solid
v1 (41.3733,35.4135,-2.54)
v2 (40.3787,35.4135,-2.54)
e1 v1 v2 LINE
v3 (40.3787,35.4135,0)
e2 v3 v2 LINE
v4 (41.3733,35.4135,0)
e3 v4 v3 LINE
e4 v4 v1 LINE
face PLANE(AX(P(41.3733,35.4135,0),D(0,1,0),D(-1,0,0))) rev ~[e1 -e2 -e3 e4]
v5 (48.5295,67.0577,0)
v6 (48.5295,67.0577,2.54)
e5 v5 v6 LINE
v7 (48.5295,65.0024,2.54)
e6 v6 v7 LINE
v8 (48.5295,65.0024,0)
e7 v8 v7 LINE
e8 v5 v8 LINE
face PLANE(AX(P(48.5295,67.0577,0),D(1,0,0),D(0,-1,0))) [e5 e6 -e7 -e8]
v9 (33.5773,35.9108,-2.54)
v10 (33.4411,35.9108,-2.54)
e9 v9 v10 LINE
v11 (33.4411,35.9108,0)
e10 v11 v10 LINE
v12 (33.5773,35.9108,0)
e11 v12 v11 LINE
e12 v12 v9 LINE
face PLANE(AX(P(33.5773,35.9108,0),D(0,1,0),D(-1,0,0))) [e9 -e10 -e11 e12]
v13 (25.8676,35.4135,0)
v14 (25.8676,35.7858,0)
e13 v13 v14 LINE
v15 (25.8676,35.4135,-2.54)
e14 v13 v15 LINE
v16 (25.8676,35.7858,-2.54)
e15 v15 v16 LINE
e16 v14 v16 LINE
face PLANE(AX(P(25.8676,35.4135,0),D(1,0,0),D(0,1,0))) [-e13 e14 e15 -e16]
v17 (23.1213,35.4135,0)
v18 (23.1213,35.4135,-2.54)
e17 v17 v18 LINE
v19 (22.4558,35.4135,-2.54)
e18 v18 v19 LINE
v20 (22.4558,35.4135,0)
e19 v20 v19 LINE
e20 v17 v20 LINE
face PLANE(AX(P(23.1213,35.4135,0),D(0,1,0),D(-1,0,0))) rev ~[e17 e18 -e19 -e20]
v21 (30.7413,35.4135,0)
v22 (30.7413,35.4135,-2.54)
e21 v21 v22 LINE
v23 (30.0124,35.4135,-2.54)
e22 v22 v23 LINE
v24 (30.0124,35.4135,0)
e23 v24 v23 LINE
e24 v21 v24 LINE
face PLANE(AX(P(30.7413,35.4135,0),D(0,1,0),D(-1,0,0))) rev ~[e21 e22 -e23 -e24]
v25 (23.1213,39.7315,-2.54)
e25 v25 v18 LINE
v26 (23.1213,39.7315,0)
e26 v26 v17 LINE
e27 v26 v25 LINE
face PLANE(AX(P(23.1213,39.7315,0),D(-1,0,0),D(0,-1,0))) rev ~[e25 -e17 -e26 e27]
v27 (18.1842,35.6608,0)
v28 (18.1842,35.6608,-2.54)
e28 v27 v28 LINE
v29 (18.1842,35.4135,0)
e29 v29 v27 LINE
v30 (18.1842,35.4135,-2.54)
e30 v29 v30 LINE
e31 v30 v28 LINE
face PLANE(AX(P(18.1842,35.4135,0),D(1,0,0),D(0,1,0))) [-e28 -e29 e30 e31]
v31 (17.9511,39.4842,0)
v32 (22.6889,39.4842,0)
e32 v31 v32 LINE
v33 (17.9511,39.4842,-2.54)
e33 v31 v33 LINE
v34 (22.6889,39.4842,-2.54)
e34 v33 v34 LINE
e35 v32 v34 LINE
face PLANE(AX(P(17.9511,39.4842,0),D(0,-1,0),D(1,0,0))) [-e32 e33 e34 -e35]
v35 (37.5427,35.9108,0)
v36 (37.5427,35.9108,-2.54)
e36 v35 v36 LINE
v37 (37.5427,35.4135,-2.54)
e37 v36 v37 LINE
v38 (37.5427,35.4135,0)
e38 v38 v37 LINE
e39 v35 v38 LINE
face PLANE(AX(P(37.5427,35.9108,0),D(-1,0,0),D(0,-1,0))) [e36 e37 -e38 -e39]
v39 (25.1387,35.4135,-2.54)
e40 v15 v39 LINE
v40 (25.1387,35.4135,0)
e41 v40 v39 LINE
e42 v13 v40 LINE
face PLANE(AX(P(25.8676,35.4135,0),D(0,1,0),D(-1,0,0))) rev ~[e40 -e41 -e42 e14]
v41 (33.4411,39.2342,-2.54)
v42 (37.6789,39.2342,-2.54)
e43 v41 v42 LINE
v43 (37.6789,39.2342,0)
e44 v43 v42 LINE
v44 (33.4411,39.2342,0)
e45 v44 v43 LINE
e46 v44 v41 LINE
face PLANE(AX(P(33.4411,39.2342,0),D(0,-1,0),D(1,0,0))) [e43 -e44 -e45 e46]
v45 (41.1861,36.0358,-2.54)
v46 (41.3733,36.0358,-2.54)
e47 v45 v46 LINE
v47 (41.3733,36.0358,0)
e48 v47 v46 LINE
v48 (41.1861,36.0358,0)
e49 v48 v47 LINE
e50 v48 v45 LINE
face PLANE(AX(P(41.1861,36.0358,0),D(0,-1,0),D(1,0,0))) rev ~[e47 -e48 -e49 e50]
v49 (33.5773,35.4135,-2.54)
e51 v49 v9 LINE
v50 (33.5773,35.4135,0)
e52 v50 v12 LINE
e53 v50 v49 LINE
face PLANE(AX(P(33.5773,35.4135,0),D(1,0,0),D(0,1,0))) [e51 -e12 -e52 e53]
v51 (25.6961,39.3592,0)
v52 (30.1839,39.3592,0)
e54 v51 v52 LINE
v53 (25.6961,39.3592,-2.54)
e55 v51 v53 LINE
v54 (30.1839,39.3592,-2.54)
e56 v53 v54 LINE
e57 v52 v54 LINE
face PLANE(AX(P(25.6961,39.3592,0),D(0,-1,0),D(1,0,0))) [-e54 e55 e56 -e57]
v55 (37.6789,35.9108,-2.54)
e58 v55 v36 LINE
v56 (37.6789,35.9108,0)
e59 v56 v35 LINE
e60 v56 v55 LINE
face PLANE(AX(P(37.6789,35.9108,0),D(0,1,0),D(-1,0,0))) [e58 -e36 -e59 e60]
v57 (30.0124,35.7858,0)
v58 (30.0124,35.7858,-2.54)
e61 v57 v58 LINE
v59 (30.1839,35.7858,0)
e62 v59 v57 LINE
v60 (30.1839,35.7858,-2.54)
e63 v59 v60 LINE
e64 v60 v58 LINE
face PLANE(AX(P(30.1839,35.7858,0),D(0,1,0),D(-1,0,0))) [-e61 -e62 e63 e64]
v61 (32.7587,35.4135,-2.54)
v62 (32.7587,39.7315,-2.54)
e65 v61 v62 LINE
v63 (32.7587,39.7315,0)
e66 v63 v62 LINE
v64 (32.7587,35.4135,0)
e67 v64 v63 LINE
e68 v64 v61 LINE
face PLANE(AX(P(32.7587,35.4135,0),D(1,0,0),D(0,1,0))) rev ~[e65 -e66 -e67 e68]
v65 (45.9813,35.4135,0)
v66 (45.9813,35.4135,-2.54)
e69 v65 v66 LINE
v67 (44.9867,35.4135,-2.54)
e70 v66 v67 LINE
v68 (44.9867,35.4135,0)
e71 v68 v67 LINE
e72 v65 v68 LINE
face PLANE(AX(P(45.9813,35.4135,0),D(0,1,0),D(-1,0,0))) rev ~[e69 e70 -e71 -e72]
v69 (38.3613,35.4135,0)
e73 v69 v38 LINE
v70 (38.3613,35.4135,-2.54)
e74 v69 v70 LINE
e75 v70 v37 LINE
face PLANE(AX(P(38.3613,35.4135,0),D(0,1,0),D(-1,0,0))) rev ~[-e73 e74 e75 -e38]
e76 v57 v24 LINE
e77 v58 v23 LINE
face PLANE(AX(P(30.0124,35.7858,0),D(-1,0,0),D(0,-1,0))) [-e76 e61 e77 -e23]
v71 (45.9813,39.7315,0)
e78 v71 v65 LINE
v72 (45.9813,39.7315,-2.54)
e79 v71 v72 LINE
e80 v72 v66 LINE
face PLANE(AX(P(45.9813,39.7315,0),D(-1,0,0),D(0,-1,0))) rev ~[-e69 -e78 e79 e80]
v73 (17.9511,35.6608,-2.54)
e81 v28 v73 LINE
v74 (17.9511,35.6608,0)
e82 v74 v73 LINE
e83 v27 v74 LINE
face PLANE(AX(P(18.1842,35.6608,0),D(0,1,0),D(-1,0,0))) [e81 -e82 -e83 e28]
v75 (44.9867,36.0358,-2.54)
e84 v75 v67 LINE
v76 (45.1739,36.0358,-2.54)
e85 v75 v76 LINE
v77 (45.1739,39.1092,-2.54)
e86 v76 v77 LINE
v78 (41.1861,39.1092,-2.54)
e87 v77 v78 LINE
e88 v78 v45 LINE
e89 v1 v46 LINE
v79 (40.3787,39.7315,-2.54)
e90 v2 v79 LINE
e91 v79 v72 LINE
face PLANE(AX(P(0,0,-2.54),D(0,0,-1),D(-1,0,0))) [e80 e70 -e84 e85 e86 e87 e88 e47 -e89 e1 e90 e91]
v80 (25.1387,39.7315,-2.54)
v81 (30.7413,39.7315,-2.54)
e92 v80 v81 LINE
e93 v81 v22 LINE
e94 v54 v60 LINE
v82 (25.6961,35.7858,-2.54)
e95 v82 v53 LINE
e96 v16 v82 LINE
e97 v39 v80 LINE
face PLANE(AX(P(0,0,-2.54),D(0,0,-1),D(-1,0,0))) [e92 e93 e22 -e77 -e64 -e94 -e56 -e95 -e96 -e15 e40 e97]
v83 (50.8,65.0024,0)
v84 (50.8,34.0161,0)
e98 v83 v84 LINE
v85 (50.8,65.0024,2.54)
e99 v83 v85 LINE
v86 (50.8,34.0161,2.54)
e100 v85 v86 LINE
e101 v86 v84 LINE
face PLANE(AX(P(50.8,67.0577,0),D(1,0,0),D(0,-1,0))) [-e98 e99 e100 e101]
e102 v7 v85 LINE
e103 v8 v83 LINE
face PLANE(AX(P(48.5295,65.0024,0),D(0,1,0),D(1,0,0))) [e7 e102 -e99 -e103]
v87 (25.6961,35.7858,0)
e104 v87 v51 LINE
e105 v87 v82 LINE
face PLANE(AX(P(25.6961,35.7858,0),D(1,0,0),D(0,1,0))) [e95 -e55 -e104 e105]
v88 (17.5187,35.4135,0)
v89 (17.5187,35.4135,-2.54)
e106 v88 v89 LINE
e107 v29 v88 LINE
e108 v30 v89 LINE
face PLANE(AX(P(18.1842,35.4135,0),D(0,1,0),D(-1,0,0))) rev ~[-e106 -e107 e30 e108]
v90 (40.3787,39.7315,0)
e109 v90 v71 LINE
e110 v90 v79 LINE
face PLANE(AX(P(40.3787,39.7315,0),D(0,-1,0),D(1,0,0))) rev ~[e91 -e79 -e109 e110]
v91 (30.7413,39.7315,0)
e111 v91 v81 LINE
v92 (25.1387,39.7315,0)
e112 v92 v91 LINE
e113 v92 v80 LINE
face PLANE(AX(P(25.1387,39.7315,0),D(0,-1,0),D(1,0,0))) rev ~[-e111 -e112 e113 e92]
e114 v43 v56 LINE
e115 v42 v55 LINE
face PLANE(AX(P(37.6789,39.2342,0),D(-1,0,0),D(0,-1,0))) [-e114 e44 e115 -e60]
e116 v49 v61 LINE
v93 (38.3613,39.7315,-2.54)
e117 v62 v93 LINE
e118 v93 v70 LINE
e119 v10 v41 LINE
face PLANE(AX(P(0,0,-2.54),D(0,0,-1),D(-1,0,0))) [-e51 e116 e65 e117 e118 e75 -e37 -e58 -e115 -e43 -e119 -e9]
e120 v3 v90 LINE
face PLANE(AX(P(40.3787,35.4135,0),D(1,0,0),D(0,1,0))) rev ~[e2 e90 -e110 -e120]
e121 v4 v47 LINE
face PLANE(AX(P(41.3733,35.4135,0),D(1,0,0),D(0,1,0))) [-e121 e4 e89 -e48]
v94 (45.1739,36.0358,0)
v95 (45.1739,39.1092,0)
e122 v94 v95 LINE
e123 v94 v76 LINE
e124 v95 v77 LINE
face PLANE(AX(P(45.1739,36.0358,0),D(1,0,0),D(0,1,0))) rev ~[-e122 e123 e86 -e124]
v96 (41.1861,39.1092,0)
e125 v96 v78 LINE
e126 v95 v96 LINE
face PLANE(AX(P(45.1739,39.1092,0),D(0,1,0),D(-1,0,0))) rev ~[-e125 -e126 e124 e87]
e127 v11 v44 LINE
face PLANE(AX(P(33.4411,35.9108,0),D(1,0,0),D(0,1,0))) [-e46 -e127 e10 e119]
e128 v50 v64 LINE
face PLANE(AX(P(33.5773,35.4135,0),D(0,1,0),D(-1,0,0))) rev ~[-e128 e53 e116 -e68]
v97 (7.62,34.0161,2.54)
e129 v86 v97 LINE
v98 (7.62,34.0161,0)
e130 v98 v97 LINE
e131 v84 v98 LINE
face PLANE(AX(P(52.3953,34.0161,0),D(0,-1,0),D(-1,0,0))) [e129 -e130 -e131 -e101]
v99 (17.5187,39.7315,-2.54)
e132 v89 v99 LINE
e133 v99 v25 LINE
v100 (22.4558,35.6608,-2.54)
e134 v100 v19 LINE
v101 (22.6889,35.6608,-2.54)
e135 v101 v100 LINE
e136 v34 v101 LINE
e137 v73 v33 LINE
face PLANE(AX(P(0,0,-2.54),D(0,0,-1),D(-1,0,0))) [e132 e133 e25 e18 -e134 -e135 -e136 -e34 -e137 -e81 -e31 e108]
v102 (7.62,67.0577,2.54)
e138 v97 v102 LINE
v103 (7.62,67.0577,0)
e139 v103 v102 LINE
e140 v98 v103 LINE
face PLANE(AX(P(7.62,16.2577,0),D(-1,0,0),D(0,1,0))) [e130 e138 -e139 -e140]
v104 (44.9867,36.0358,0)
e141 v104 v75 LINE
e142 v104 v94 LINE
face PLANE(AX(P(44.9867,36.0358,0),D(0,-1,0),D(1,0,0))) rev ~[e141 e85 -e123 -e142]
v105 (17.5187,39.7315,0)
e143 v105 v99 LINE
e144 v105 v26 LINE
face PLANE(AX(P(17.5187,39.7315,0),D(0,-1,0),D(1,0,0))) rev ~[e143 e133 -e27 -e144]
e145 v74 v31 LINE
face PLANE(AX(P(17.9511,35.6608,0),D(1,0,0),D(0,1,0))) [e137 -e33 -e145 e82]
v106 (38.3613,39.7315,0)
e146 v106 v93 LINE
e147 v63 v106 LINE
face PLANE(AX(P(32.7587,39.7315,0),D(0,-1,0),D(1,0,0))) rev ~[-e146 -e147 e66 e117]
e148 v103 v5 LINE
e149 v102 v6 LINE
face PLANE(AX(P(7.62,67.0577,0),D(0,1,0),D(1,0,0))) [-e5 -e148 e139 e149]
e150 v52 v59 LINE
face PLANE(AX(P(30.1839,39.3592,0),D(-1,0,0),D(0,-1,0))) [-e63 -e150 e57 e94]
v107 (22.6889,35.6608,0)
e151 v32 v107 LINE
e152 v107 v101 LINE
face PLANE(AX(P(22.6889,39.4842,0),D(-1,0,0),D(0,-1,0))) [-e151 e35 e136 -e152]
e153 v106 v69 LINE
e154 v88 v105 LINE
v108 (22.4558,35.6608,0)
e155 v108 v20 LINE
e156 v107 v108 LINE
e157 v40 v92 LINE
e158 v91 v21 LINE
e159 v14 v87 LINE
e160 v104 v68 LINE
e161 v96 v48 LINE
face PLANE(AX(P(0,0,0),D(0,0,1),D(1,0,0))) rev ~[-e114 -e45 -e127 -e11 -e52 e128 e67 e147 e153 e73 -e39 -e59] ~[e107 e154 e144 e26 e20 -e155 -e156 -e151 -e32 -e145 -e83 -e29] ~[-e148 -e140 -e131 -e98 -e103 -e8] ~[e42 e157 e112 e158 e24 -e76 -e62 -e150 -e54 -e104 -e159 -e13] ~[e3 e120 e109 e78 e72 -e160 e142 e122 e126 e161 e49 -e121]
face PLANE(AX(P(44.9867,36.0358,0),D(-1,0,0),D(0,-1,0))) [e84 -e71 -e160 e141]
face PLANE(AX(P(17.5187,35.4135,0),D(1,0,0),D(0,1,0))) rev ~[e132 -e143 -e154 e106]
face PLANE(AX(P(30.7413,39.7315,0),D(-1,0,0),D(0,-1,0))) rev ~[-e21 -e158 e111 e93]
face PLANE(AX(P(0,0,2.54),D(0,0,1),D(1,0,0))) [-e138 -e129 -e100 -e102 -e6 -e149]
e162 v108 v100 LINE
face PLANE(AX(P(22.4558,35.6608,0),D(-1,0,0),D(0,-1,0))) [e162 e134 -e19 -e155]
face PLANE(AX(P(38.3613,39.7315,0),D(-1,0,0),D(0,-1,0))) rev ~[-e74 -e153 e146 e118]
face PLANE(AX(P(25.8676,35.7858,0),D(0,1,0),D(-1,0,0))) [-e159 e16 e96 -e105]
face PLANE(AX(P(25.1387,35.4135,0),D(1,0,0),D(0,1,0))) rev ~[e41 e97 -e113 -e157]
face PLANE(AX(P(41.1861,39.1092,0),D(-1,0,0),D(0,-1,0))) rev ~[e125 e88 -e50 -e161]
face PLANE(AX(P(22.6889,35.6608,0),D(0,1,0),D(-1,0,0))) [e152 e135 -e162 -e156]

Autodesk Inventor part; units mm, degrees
ref_plane "YZ Plane" through (0, 0, 0) normal (1, 0, 0) x (0, 1, 0)
ref_plane "XZ Plane" through (0, 0, 0) normal (0, 1, 0) x (-1, 0, 0)
ref_plane "XY Plane" through (0, 0, 0) normal (0, 0, 1) x (1, 0, 0)
sketch "Sketch2" plane through (0, 0, 0) normal (0, 0, 1) x (1, 0, 0)
  line L0 (7.62, 67.0577) -> (50.8, 67.0577)
  line L1 (50.8, 67.0577) -> (50.8, 16.2577)
  line L2 (50.8, 16.2577) -> (7.62, 16.2577)
  line L3 (7.62, 16.2577) -> (7.62, 67.0577)
  point P0 (0, 0)
  dimension "d45" = 43.18
  dimension "d46" = 50.8
extrude "Extrusion1" add sketch "Sketch2" along normal blind 2.54
sketch "Sketch3" plane through (0, 0, 0) normal (0, 0, -1) x (-1, 0, 0)
  circle A0 centre (-43.18, 59.4377) radius 4.0005
  line L0 (-50.8, 16.2577) -> (-50.8, 67.0577) projected
  line L1 (-50.8, 67.0577) -> (-7.62, 67.0577) projected
  circle A1 centre (-43.18, 59.4377) radius 5.2705
  line L2 (-7.62, 67.0577) -> (-7.62, 16.2577) projected
  line L3 (-7.62, 16.2577) -> (-50.8, 16.2577) projected
  circle A2 centre (-43.18, 46.7377) radius 5.2705
  circle A3 centre (-30.48, 59.4377) radius 5.2705
  circle A4 centre (-30.48, 46.7377) radius 5.2705
  circle A5 centre (-17.78, 59.4377) radius 5.2705
  circle A6 centre (-17.78, 46.7377) radius 5.2705
  line L4 (-45.1739, 39.1092) -> (-41.1861, 39.1092)
  line L5 (-41.1861, 39.1092) -> (-41.1861, 36.0358)
  line L6 (-41.1861, 36.0358) -> (-45.1739, 36.0358)
  line L7 (-45.1739, 36.0358) -> (-45.1739, 39.1092)
  line L8 (-45.1739, 39.1092) -> (-41.1861, 36.0358) construction
  line L9 (-41.1861, 39.1092) -> (-45.1739, 36.0358) construction
  line L10 (-45.9813, 35.4135) -> (-40.3787, 35.4135)
  line L11 (-40.3787, 35.4135) -> (-40.3787, 39.7315)
  line L12 (-40.3787, 39.7315) -> (-45.9813, 39.7315)
  line L13 (-45.9813, 39.7315) -> (-45.9813, 35.4135)
  line L14 (-45.9813, 35.4135) -> (-40.3787, 39.7315) construction
  line L15 (-40.3787, 35.4135) -> (-45.9813, 39.7315) construction
  circle A7 centre (-30.48, 59.4377) radius 4.1255
  circle A8 centre (-17.78, 59.4377) radius 4.2505
  circle A9 centre (-43.18, 46.7377) radius 4.3755
  circle A10 centre (-30.48, 46.7377) radius 4.5005
  circle A11 centre (-17.78, 46.7377) radius 4.6255
  line L16 (-32.7587, 39.7315) -> (-38.3613, 39.7315)
  line L17 (-38.3613, 39.7315) -> (-38.3613, 35.4135)
  line L18 (-38.3613, 35.4135) -> (-32.7587, 35.4135)
  line L19 (-32.7587, 35.4135) -> (-32.7587, 39.7315)
  line L20 (-25.1387, 39.7315) -> (-30.7413, 39.7315)
  line L21 (-30.7413, 39.7315) -> (-30.7413, 35.4135)
  line L22 (-30.7413, 35.4135) -> (-25.1387, 35.4135)
  line L23 (-25.1387, 35.4135) -> (-25.1387, 39.7315)
  line L24 (-17.5187, 39.7315) -> (-23.1213, 39.7315)
  line L25 (-23.1213, 39.7315) -> (-23.1213, 35.4135)
  line L26 (-23.1213, 35.4135) -> (-17.5187, 35.4135)
  line L27 (-17.5187, 35.4135) -> (-17.5187, 39.7315)
  line L28 (-9.8987, 39.7315) -> (-15.5013, 39.7315)
  line L29 (-15.5013, 39.7315) -> (-15.5013, 35.4135)
  line L30 (-15.5013, 35.4135) -> (-9.8987, 35.4135)
  line L31 (-9.8987, 35.4135) -> (-9.8987, 39.7315)
  line L32 (-37.6789, 35.9108) -> (-33.4411, 35.9108)
  line L33 (-33.4411, 35.9108) -> (-33.4411, 39.2342)
  line L34 (-33.4411, 39.2342) -> (-37.6789, 39.2342)
  line L35 (-37.6789, 39.2342) -> (-37.6789, 35.9108)
  line L36 (-37.6789, 35.9108) -> (-33.4411, 39.2342) construction
  line L37 (-33.4411, 35.9108) -> (-37.6789, 39.2342) construction
  line L38 (-30.1839, 35.7858) -> (-25.6961, 35.7858)
  line L39 (-25.6961, 35.7858) -> (-25.6961, 39.3592)
  line L40 (-25.6961, 39.3592) -> (-30.1839, 39.3592)
  line L41 (-30.1839, 39.3592) -> (-30.1839, 35.7858)
  line L42 (-30.1839, 35.7858) -> (-25.6961, 39.3592) construction
  line L43 (-25.6961, 35.7858) -> (-30.1839, 39.3592) construction
  line L44 (-22.6889, 35.6608) -> (-17.9511, 35.6608)
  line L45 (-17.9511, 35.6608) -> (-17.9511, 39.4842)
  line L46 (-17.9511, 39.4842) -> (-22.6889, 39.4842)
  line L47 (-22.6889, 39.4842) -> (-22.6889, 35.6608)
  line L48 (-22.6889, 35.6608) -> (-17.9511, 39.4842) construction
  line L49 (-17.9511, 35.6608) -> (-22.6889, 39.4842) construction
  line L50 (-45.1739, 35.3552) -> (-41.1861, 35.3552)
  line L51 (-41.1861, 35.3552) -> (-41.1861, 36.7164)
  line L52 (-41.1861, 36.7164) -> (-45.1739, 36.7164)
  line L53 (-45.1739, 36.7164) -> (-45.1739, 35.3552)
  line L54 (-45.1739, 35.3552) -> (-41.1861, 36.7164) construction
  line L55 (-41.1861, 35.3552) -> (-45.1739, 36.7164) construction
  point P0 (0, 0)
  point P1 (-43.18, 37.5725)
  point P2 (-43.18, 37.5725)
  point P3 (-35.56, 37.5725)
  point P4 (-27.94, 37.5725)
  point P5 (-20.32, 37.5725)
  point P6 (-12.7, 37.5725)
  point P7 (-43.18, 36.0358)
  dimension "d49" = 7.62
  dimension "d50" = 7.62
  dimension "d51" = 1.27
  dimension "d56" = 12.7
  dimension "d59" = 12.7
  dimension "d64" = 3.9878
  dimension "d65" = 3.0734
  dimension "d66" = 9.1652
  dimension "d67" = 2.159
  dimension "d77" = 8.001
  dimension "d78" = 8.251
  dimension "d80" = 8.501
  dimension "d81" = 8.751
  dimension "d82" = 9.001
  dimension "d83" = 9.251
  dimension "d90" = 7.62
  dimension "d95" = 4.2378
  dimension "d96" = 4.4878
  dimension "d97" = 4.7378
  dimension "d98" = 3.3234
  dimension "d99" = 3.5734
sketch "Sketch4" plane through (0, 0, 0) normal (0, 0, -1) x (-1, 0, 0)
  line L0 (-50.8, 67.0577) -> (-7.62, 67.0577) projected
  line L1 (-50.8, 16.2577) -> (-50.8, 67.0577) projected
  line L2 (-50.8, 67.0577) -> (-48.5295, 67.0577)
  line L3 (-48.5295, 67.0577) -> (-48.5295, 65.0024)
  line L4 (-48.5295, 65.0024) -> (-50.8, 65.0024)
  line L5 (-50.8, 65.0024) -> (-50.8, 67.0577)
  point P0 (0, 0)
extrude "Extrusion3" cut sketch "Sketch4" against normal blind 2.54
sketch "Sketch5" plane through (0, 0, 0) normal (0, 0, -1) x (-1, 0, 0)
  line L0 (-45.1739, 39.1092) -> (-41.1861, 39.1092)
  line L1 (-41.1861, 39.1092) -> (-41.1861, 36.0358)
  line L2 (-41.1861, 36.0358) -> (-45.1739, 36.0358)
  line L3 (-45.1739, 36.0358) -> (-45.1739, 39.1092)
  line L4 (-45.1739, 39.1092) -> (-41.1861, 36.0358) construction
  line L5 (-41.1861, 39.1092) -> (-45.1739, 36.0358) construction
  line L6 (-45.9813, 35.4135) -> (-40.3787, 35.4135)
  line L7 (-40.3787, 35.4135) -> (-40.3787, 39.7315)
  line L8 (-40.3787, 39.7315) -> (-45.9813, 39.7315)
  line L9 (-45.9813, 39.7315) -> (-45.9813, 35.4135)
  line L10 (-45.9813, 35.4135) -> (-40.3787, 39.7315) construction
  line L11 (-40.3787, 35.4135) -> (-45.9813, 39.7315) construction
  line L12 (-32.7587, 39.7315) -> (-38.3613, 39.7315)
  line L13 (-38.3613, 39.7315) -> (-38.3613, 35.4135)
  line L14 (-38.3613, 35.4135) -> (-32.7587, 35.4135)
  line L15 (-32.7587, 35.4135) -> (-32.7587, 39.7315)
  line L16 (-25.1387, 39.7315) -> (-30.7413, 39.7315)
  line L17 (-30.7413, 39.7315) -> (-30.7413, 35.4135)
  line L18 (-30.7413, 35.4135) -> (-25.1387, 35.4135)
  line L19 (-25.1387, 35.4135) -> (-25.1387, 39.7315)
  line L20 (-17.5187, 39.7315) -> (-23.1213, 39.7315)
  line L21 (-23.1213, 39.7315) -> (-23.1213, 35.4135)
  line L22 (-23.1213, 35.4135) -> (-17.5187, 35.4135)
  line L23 (-17.5187, 35.4135) -> (-17.5187, 39.7315)
  line L24 (-9.8987, 39.7315) -> (-15.5013, 39.7315)
  line L25 (-15.5013, 39.7315) -> (-15.5013, 35.4135)
  line L26 (-15.5013, 35.4135) -> (-9.8987, 35.4135)
  line L27 (-37.6789, 35.9108) -> (-33.4411, 35.9108)
  line L28 (-33.4411, 35.9108) -> (-33.4411, 39.2342)
  line L29 (-33.4411, 39.2342) -> (-37.6789, 39.2342)
  line L30 (-37.6789, 39.2342) -> (-37.6789, 35.9108)
  line L31 (-37.6789, 35.9108) -> (-33.4411, 39.2342) construction
  line L32 (-33.4411, 35.9108) -> (-37.6789, 39.2342) construction
  line L33 (-30.1839, 35.7858) -> (-25.6961, 35.7858)
  line L34 (-25.6961, 35.7858) -> (-25.6961, 39.3592)
  line L35 (-25.6961, 39.3592) -> (-30.1839, 39.3592)
  line L36 (-30.1839, 39.3592) -> (-30.1839, 35.7858)
  line L37 (-30.1839, 35.7858) -> (-25.6961, 39.3592) construction
  line L38 (-25.6961, 35.7858) -> (-30.1839, 39.3592) construction
  line L39 (-22.6889, 35.6608) -> (-17.9511, 35.6608)
  line L40 (-17.9511, 35.6608) -> (-17.9511, 39.4842)
  line L41 (-17.9511, 39.4842) -> (-22.6889, 39.4842)
  line L42 (-22.6889, 39.4842) -> (-22.6889, 35.6608)
  line L43 (-22.6889, 35.6608) -> (-17.9511, 39.4842) construction
  line L44 (-17.9511, 35.6608) -> (-22.6889, 39.4842) construction
  line L45 (-45.1516, 35.2931) -> (-41.1861, 36.7869) construction
  line L46 (-41.1861, 35.3552) -> (-45.1739, 36.7164) construction
  line L47 (-44.9867, 35.3552) -> (-41.3733, 35.3552)
  line L48 (-41.3733, 35.3552) -> (-41.3733, 36.7164)
  line L49 (-41.3733, 36.7164) -> (-44.9867, 36.7164)
  line L50 (-44.9867, 36.7164) -> (-44.9867, 35.3552)
  line L51 (-44.9867, 35.3552) -> (-41.3733, 36.7164) construction
  line L52 (-41.3733, 35.3552) -> (-44.9867, 36.7164) construction
  line L53 (-37.5427, 35.3747) -> (-33.5773, 35.3747)
  line L54 (-33.5773, 35.3747) -> (-33.5773, 36.447)
  line L55 (-33.5773, 36.447) -> (-37.5427, 36.447)
  line L56 (-37.5427, 36.447) -> (-37.5427, 35.3747)
  line L57 (-37.5427, 35.3747) -> (-33.5773, 36.447) construction
  line L58 (-33.5773, 35.3747) -> (-37.5427, 36.447) construction
  line L59 (-30.0124, 35.3468) -> (-25.8676, 35.3468)
  line L60 (-25.8676, 35.3468) -> (-25.8676, 36.2248)
  line L61 (-25.8676, 36.2248) -> (-30.0124, 36.2248)
  line L62 (-30.0124, 36.2248) -> (-30.0124, 35.3468)
  line L63 (-30.0124, 35.3468) -> (-25.8676, 36.2248) construction
  line L64 (-25.8676, 35.3468) -> (-30.0124, 36.2248) construction
  line L65 (-22.4558, 35.2013) -> (-18.1842, 35.2013)
  line L66 (-18.1842, 35.2013) -> (-18.1842, 36.1203)
  line L67 (-18.1842, 36.1203) -> (-22.4558, 36.1203)
  line L68 (-22.4558, 36.1203) -> (-22.4558, 35.2013)
  line L69 (-22.4558, 35.2013) -> (-18.1842, 36.1203) construction
  line L70 (-18.1842, 35.2013) -> (-22.4558, 36.1203) construction
  line L71 (-45.9813, 32.6353) -> (-41.9935, 32.6353)
  line L72 (-41.9935, 32.6353) -> (-41.9935, 29.5619)
  line L73 (-41.9935, 29.5619) -> (-45.9813, 29.5619)
  line L74 (-45.9813, 29.5619) -> (-45.9813, 32.6353)
  point P0 (0, 0)
  point P1 (-43.18, 37.5725)
  point P2 (-43.18, 37.5725)
  point P3 (-35.56, 37.5725)
  point P4 (-27.94, 37.5725)
  point P5 (-20.32, 37.5725)
  point P6 (-12.7, 37.5725)
  point P7 (-43.18, 36.0358)
  point P8 (-35.56, 35.9108)
  point P9 (-27.94, 35.7858)
  point P10 (-20.32, 35.6608)
  point P11 (-22.4558, 35.4135)
  point P12 (-22.4558, 35.6608)
  point P13 (-18.1842, 35.6608)
  point P14 (-18.1842, 35.4135)
  point P15 (-30.0124, 35.4135)
  point P16 (-30.0124, 35.7858)
  point P17 (-25.8676, 35.7858)
  point P18 (-25.8676, 35.4135)
  point P19 (-37.5427, 35.4135)
  point P20 (-37.5427, 35.9108)
  point P21 (-33.5773, 35.9108)
  point P22 (-33.5773, 35.4135)
  point P23 (-44.9867, 35.4135)
  point P24 (-44.9867, 36.0358)
  point P25 (-41.3733, 36.0358)
  point P26 (-41.3733, 35.4135)
  dimension "d102" = 3.0734
  dimension "d103" = 2.159
  dimension "d104" = 7.62
  dimension "d106" = 4.4878
  dimension "d107" = 4.7378
  dimension "d108" = 3.3234
  dimension "d109" = 3.5734
  dimension "d114" = 4.2378
  dimension "d115" = 3.0734
  dimension "d116" = 3.9878
extrude "Extrusion5" add sketch "Sketch5" along normal blind 2.54 contours L3 L2 L50 L6 L9 L8 L7 L48 L1 L0 | L15 L14 L54 L27 L28 L29 L30 L56 L13 L12 | L19 L18 L60 L33 L34 L35 L36 L62 L17 L16 | L23 L22 L66 L39 L40 L41 L42 L68 L21 L20
sketch "Sketch6" plane through (0, 0, 0) normal (0, 0, -1) x (-1, 0, 0)
  line L0 (-52.3953, 34.0161) -> (-4.7261, 34.0161)
  line L1 (-4.7261, 34.0161) -> (-4.7261, 12.2528)
  line L2 (-4.7261, 12.2528) -> (-52.3953, 12.2528)
  line L3 (-52.3953, 12.2528) -> (-52.3953, 34.0161)
  point P0 (0, 0)
extrude "Extrusion6" cut sketch "Sketch6" against normal blind 2.54
properties part number "magnet_hall_testing"
